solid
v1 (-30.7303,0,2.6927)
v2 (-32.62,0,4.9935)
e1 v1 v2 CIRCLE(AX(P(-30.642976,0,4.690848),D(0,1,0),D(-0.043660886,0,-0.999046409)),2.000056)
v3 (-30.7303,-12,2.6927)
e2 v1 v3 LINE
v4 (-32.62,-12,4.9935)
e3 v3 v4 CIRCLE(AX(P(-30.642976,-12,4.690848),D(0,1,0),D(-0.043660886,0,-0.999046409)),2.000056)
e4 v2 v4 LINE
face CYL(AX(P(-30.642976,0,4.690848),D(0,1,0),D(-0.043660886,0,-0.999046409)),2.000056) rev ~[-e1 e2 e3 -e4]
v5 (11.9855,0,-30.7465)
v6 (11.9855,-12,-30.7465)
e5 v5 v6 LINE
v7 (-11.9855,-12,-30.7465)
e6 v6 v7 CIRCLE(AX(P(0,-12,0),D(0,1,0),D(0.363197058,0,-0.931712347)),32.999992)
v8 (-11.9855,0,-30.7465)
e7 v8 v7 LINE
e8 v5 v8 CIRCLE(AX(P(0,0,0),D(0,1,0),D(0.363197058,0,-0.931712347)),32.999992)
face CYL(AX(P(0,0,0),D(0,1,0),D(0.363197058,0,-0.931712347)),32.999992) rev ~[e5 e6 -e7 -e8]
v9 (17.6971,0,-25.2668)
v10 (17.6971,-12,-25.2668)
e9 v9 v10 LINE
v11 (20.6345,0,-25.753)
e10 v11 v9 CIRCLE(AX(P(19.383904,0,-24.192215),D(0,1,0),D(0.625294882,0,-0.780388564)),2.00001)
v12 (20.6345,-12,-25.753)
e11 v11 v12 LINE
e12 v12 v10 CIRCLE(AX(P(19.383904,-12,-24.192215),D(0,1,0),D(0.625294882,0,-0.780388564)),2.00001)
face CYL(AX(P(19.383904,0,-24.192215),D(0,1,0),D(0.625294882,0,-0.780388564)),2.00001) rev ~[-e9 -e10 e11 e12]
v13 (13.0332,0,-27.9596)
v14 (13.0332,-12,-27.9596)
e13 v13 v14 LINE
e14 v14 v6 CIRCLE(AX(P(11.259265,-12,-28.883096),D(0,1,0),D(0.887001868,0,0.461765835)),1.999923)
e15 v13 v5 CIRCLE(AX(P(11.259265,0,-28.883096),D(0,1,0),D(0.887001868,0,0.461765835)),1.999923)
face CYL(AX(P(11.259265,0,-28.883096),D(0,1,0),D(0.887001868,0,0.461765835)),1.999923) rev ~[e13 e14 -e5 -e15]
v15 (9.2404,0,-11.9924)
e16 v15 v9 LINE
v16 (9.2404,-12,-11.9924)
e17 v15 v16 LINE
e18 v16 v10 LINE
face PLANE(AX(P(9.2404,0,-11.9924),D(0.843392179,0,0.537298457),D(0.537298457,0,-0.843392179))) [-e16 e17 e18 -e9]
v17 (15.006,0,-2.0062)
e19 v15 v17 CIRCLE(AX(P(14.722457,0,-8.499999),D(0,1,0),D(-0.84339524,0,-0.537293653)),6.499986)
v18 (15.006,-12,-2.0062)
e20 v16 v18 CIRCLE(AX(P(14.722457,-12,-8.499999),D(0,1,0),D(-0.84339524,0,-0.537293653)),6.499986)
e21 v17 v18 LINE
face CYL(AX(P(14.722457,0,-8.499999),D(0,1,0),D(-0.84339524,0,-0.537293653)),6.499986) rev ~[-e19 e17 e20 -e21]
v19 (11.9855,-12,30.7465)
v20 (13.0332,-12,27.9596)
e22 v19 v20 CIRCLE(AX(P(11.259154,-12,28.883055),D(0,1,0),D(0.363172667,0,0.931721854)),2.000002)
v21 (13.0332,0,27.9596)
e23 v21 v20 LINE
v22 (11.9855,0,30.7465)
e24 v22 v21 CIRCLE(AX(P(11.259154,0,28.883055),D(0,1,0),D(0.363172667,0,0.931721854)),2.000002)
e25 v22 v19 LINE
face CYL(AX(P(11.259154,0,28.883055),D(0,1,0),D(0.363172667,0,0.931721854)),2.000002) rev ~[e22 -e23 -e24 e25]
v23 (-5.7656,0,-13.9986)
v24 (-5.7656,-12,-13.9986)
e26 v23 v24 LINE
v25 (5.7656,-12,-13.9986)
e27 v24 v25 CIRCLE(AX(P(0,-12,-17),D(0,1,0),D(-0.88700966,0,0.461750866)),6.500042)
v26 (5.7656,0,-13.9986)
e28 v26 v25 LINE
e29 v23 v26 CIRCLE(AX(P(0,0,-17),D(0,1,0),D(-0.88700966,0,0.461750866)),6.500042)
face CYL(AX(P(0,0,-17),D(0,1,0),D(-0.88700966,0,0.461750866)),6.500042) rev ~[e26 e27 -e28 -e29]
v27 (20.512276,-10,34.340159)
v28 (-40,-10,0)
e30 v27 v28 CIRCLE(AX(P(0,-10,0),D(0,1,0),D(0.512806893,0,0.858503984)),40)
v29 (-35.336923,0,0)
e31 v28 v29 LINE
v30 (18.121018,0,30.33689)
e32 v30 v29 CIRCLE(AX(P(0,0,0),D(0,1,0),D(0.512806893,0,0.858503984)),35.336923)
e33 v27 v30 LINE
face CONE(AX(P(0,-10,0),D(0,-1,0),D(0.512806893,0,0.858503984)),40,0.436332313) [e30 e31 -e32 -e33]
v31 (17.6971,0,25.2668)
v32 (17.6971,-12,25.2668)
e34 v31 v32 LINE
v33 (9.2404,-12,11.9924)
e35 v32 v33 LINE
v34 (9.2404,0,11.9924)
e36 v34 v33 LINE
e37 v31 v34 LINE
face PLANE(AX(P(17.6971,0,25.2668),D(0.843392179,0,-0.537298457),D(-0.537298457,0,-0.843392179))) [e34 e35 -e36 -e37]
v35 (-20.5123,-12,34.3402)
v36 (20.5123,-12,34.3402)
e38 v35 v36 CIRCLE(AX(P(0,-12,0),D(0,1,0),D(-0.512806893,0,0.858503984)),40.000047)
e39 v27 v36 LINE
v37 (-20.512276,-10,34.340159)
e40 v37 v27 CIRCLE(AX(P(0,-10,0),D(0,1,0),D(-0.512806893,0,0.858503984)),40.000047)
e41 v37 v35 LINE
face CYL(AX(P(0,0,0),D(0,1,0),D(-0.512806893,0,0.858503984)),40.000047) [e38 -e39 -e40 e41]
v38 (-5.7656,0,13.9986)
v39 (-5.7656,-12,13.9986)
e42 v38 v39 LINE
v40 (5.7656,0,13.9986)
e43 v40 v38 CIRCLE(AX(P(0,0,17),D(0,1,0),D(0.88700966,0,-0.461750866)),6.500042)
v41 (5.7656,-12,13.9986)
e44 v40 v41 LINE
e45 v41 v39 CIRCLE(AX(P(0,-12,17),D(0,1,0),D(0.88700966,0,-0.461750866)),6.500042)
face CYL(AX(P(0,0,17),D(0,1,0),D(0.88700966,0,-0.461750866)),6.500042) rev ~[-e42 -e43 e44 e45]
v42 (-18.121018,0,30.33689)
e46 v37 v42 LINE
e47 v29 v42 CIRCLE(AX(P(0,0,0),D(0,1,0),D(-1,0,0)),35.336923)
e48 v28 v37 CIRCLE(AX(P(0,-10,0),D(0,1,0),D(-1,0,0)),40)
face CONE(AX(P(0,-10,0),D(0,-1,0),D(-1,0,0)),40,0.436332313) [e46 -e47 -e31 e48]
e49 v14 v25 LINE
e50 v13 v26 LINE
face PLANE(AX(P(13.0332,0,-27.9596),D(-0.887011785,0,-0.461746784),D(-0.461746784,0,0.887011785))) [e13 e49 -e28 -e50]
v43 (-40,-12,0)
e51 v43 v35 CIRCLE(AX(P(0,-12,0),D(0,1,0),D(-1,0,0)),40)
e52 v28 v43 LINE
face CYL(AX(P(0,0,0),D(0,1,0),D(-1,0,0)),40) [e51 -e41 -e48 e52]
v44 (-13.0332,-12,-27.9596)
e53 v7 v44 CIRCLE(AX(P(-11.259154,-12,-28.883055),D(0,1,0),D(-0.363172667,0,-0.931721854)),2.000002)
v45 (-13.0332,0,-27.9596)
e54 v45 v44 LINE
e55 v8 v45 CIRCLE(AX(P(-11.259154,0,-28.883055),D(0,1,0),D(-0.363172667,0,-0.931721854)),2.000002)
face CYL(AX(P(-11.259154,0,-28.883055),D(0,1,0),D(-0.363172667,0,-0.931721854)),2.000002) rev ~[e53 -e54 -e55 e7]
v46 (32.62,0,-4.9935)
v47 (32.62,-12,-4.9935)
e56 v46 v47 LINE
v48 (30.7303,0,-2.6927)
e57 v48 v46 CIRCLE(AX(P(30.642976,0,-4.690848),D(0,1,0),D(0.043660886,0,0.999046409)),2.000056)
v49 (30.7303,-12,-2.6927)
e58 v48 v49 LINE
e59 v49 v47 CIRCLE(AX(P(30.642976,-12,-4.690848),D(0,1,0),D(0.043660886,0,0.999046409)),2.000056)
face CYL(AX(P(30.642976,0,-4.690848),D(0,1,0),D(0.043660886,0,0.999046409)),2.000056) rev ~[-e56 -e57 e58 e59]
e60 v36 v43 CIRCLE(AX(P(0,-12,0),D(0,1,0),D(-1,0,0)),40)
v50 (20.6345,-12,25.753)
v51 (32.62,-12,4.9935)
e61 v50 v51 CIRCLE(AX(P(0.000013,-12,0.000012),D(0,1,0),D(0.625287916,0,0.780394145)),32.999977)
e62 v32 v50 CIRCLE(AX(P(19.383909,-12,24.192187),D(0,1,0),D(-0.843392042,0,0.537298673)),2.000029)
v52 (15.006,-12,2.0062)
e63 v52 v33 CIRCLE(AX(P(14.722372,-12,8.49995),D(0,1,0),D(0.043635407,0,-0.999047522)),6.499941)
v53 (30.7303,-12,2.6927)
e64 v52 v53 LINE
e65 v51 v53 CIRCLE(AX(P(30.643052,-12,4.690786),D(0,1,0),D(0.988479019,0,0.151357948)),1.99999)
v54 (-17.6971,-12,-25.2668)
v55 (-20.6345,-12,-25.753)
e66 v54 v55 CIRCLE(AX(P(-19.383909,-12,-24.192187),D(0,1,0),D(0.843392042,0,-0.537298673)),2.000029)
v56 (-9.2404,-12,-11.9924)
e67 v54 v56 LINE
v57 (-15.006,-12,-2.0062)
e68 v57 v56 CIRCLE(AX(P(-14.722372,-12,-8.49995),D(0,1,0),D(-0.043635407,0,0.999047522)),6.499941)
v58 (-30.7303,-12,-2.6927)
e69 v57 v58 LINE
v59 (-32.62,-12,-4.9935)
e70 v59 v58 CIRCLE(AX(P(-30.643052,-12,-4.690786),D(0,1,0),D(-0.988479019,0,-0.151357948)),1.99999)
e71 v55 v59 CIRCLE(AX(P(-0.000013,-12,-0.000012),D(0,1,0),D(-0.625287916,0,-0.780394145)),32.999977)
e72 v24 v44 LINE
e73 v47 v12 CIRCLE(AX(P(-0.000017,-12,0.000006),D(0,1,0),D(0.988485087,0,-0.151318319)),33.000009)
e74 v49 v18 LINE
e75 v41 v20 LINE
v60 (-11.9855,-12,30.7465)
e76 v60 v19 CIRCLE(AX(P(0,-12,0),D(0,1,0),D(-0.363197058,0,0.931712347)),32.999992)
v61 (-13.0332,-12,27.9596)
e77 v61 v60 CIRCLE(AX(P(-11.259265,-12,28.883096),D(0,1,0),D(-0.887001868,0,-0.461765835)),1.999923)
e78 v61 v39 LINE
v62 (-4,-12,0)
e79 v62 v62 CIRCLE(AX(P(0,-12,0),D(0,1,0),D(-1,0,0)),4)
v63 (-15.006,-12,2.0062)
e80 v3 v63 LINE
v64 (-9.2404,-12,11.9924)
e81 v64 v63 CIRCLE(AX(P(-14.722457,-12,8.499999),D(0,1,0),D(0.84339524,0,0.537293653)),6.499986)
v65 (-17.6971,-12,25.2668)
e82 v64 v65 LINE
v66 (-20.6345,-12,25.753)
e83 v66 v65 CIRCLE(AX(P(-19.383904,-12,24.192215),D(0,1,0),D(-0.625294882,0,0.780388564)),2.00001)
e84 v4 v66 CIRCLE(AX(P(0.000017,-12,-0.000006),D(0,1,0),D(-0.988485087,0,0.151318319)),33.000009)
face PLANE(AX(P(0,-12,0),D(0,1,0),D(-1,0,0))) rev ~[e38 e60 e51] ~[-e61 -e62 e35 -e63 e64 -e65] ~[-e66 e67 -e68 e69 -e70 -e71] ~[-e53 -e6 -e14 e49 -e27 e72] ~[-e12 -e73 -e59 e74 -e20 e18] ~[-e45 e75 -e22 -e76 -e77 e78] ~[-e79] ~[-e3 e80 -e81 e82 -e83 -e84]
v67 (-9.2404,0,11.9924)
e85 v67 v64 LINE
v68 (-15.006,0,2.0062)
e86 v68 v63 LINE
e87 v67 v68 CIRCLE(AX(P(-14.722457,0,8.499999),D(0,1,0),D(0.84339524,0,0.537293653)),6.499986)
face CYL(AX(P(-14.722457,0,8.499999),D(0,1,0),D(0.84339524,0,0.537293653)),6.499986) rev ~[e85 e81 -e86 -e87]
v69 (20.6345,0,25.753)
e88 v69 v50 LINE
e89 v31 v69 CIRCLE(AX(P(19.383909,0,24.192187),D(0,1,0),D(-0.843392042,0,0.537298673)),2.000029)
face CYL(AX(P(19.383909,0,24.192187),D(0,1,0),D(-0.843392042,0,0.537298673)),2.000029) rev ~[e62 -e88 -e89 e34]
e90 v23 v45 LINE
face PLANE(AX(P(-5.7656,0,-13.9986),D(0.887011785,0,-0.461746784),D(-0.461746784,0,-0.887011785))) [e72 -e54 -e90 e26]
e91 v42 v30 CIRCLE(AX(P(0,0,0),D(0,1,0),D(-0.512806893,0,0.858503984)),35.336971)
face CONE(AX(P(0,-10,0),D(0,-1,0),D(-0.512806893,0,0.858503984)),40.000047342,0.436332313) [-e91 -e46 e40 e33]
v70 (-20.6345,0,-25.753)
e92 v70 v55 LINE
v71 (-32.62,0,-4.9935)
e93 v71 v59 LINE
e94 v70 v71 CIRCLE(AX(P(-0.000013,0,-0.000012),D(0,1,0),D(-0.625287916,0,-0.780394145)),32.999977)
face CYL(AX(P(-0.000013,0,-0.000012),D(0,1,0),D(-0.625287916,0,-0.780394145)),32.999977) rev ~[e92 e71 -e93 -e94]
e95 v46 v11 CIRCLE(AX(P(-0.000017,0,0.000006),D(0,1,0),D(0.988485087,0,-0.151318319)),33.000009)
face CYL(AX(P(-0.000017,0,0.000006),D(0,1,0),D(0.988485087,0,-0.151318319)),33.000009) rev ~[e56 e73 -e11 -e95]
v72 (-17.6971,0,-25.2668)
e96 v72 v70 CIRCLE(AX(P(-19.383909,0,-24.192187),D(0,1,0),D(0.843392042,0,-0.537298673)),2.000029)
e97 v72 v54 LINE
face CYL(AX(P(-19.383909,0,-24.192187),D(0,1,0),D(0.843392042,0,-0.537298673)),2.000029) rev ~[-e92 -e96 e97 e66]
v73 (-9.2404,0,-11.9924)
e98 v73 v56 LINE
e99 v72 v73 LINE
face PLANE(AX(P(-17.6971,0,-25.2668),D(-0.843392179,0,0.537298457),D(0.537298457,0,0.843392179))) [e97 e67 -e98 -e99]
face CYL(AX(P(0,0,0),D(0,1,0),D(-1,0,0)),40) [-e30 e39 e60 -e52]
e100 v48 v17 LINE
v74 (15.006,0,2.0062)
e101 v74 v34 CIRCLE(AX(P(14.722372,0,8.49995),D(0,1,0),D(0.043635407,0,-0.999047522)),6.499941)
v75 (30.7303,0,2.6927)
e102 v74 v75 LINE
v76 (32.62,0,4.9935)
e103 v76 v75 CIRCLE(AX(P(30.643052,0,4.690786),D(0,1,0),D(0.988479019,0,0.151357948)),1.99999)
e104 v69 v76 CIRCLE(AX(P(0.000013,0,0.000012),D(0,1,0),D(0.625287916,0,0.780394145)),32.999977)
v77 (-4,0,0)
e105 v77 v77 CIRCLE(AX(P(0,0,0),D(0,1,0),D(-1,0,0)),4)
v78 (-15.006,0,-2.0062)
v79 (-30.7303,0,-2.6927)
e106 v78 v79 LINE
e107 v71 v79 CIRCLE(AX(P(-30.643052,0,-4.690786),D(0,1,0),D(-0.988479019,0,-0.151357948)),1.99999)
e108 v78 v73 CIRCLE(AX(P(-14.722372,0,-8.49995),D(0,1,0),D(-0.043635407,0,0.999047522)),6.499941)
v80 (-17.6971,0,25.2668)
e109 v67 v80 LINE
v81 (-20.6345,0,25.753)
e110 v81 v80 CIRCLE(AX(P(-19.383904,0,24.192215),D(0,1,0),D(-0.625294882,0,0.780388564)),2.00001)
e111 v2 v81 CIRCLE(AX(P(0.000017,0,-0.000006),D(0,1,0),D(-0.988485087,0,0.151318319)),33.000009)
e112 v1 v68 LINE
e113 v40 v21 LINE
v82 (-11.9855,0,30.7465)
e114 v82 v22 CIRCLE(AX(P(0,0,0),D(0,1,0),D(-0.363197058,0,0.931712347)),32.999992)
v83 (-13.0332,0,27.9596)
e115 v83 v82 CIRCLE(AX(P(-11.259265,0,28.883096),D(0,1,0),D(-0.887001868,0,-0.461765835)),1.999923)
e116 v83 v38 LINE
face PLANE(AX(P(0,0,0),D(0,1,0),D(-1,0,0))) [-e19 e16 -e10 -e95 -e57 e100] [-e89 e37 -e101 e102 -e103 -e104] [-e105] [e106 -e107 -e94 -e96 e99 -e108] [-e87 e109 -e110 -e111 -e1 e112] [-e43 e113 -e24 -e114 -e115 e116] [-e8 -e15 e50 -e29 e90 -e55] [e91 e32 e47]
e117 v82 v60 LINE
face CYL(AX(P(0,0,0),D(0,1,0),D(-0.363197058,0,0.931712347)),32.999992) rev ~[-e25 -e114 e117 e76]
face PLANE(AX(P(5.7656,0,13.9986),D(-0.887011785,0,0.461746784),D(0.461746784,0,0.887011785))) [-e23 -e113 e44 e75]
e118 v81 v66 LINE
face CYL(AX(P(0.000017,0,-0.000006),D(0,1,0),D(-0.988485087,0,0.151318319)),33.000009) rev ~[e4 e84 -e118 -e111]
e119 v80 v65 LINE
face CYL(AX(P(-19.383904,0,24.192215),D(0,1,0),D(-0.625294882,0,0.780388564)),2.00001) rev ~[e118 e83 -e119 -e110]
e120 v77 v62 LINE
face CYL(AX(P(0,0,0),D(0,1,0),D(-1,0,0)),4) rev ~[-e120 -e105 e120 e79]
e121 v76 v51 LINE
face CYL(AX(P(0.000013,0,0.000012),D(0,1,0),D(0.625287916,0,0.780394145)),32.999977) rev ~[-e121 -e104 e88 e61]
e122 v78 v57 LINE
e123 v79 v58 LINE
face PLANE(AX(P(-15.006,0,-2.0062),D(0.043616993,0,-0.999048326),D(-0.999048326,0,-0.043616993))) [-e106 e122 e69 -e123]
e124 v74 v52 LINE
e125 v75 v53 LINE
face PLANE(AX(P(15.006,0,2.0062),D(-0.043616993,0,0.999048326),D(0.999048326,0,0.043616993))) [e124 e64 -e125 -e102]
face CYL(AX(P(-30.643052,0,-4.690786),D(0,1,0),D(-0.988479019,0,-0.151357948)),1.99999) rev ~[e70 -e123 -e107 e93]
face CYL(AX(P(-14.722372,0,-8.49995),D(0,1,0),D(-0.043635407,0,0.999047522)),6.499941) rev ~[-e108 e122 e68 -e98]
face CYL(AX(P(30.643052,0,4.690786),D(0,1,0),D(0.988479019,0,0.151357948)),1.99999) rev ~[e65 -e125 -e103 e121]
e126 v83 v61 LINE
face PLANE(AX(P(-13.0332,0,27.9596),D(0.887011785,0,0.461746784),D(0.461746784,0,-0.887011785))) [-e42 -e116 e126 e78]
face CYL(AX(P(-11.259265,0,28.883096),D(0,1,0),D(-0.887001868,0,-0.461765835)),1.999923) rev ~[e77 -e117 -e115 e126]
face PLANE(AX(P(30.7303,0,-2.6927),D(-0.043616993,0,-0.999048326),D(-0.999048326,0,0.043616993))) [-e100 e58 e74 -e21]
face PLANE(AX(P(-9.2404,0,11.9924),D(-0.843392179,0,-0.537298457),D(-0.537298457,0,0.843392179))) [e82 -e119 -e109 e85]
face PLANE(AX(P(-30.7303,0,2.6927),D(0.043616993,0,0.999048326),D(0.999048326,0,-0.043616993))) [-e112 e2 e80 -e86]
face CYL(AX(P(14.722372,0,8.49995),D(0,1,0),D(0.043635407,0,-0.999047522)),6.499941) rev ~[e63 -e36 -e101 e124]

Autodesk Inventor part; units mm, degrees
ref_plane "YZ Plane" through (0, 0, 0) normal (1, 0, 0) x (0, 1, 0)
ref_plane "XZ Plane" through (0, 0, 0) normal (0, 1, 0) x (-1, 0, 0)
ref_plane "XY Plane" through (0, 0, 0) normal (0, 0, 1) x (1, 0, 0)
sketch "Esquisse1" plane through (0, 0, 0) normal (0, 1, 0) x (-1, 0, 0)
  arc A0 (20.5123, 34.3402) -> (-20.5123, 34.3402) centre (0, 0) ccw projected
  circle A1 centre (0, 0) radius 40
  line L0 (0, -56) -> (0, 56) construction
  line L1 (-56, 0) -> (56, 0) construction
  circle A2 centre (0, 0) radius 4
  line L2 (-5.7656, 13.9986) -> (-13.0332, 27.9596)
  line L3 (13.0332, 27.9596) -> (5.7656, 13.9986)
  arc A3 (11.9855, 30.7465) -> (-11.9855, 30.7465) centre (0, 0) ccw
  arc A4 (-5.7656, 13.9986) -> (5.7656, 13.9986) centre (0, 17) ccw
  arc A5 (-11.9855, 30.7465) -> (-13.0332, 27.9596) centre (-11.2592, 28.8831) ccw
  arc A6 (13.0332, 27.9596) -> (11.9855, 30.7465) centre (11.2592, 28.8831) ccw
  line L4 (-15.006, 2.0062) -> (-30.7303, 2.6927)
  line L5 (-17.6971, 25.2668) -> (-9.2404, 11.9924)
  arc A7 (-20.6345, 25.753) -> (-32.62, 4.9935) centre (0, 0) ccw
  arc A8 (-15.006, 2.0062) -> (-9.2404, 11.9924) centre (-14.7224, 8.5) ccw
  arc A9 (-32.62, 4.9935) -> (-30.7303, 2.6927) centre (-30.643, 4.6908) ccw
  arc A10 (-17.6971, 25.2668) -> (-20.6345, 25.753) centre (-19.3839, 24.1922) ccw
  line L6 (-9.2404, -11.9924) -> (-17.6971, -25.2668)
  line L7 (-30.7303, -2.6927) -> (-15.006, -2.0062)
  arc A11 (-32.62, -4.9935) -> (-20.6345, -25.753) centre (0, 0) ccw
  arc A12 (-9.2404, -11.9924) -> (-15.006, -2.0062) centre (-14.7224, -8.5) ccw
  arc A13 (-20.6345, -25.753) -> (-17.6971, -25.2668) centre (-19.3839, -24.1922) ccw
  arc A14 (-30.7303, -2.6927) -> (-32.62, -4.9935) centre (-30.643, -4.6908) ccw
  line L8 (5.7656, -13.9986) -> (13.0332, -27.9596)
  line L9 (-13.0332, -27.9596) -> (-5.7656, -13.9986)
  arc A15 (-11.9855, -30.7465) -> (11.9855, -30.7465) centre (0, 0) ccw
  arc A16 (5.7656, -13.9986) -> (-5.7656, -13.9986) centre (0, -17) ccw
  arc A17 (11.9855, -30.7465) -> (13.0332, -27.9596) centre (11.2592, -28.8831) ccw
  arc A18 (-13.0332, -27.9596) -> (-11.9855, -30.7465) centre (-11.2592, -28.8831) ccw
  line L10 (15.006, -2.0062) -> (30.7303, -2.6927)
  line L11 (17.6971, -25.2668) -> (9.2404, -11.9924)
  arc A19 (20.6345, -25.753) -> (32.62, -4.9935) centre (0, 0) ccw
  arc A20 (15.006, -2.0062) -> (9.2404, -11.9924) centre (14.7224, -8.5) ccw
  arc A21 (32.62, -4.9935) -> (30.7303, -2.6927) centre (30.643, -4.6908) ccw
  arc A22 (17.6971, -25.2668) -> (20.6345, -25.753) centre (19.3839, -24.1922) ccw
  line L12 (9.2404, 11.9924) -> (17.6971, 25.2668)
  line L13 (30.7303, 2.6927) -> (15.006, 2.0062)
  arc A23 (32.62, 4.9935) -> (20.6345, 25.753) centre (0, 0) ccw
  arc A24 (9.2404, 11.9924) -> (15.006, 2.0062) centre (14.7224, 8.5) ccw
  arc A25 (20.6345, 25.753) -> (17.6971, 25.2668) centre (19.3839, 24.1922) ccw
  arc A26 (30.7303, 2.6927) -> (32.62, 4.9935) centre (30.643, 4.6908) ccw
  point P0 (0, 2.9231)
  point P1 (-14.0277, 29.8701)
  point P2 (14.0277, 29.8701)
  point P3 (-2.5315, 1.4615)
  point P4 (-32.8821, 2.7867)
  point P5 (-18.8544, 27.0834)
  point P6 (-2.5315, -1.4615)
  point P7 (-18.8544, -27.0834)
  point P8 (-32.8821, -2.7867)
  point P9 (0, -2.9231)
  point P10 (14.0277, -29.8701)
  point P11 (-14.0277, -29.8701)
  point P12 (2.5315, -1.4615)
  point P13 (32.8821, -2.7867)
  point P14 (18.8544, -27.0834)
  point P15 (2.5315, 1.4615)
  point P16 (18.8544, 27.0834)
  point P17 (32.8821, 2.7867)
  dimension "d0" = 8
  dimension "d1" = 6.5
  dimension "d2" = 2
  dimension "d3" = 7
  dimension "d4" = 17
  dimension "d5" = 55
  dimension "d8" = 360
extrude "Extrusion1" add sketch "Esquisse1" against normal blind 12
chamfer "Chanfrein1" distance 10 angle 25 1 edges at (40, 0, 0) measured on face at (36.8857, -8, 15.474)
properties part number "Colossus_7kW_Rotor"
